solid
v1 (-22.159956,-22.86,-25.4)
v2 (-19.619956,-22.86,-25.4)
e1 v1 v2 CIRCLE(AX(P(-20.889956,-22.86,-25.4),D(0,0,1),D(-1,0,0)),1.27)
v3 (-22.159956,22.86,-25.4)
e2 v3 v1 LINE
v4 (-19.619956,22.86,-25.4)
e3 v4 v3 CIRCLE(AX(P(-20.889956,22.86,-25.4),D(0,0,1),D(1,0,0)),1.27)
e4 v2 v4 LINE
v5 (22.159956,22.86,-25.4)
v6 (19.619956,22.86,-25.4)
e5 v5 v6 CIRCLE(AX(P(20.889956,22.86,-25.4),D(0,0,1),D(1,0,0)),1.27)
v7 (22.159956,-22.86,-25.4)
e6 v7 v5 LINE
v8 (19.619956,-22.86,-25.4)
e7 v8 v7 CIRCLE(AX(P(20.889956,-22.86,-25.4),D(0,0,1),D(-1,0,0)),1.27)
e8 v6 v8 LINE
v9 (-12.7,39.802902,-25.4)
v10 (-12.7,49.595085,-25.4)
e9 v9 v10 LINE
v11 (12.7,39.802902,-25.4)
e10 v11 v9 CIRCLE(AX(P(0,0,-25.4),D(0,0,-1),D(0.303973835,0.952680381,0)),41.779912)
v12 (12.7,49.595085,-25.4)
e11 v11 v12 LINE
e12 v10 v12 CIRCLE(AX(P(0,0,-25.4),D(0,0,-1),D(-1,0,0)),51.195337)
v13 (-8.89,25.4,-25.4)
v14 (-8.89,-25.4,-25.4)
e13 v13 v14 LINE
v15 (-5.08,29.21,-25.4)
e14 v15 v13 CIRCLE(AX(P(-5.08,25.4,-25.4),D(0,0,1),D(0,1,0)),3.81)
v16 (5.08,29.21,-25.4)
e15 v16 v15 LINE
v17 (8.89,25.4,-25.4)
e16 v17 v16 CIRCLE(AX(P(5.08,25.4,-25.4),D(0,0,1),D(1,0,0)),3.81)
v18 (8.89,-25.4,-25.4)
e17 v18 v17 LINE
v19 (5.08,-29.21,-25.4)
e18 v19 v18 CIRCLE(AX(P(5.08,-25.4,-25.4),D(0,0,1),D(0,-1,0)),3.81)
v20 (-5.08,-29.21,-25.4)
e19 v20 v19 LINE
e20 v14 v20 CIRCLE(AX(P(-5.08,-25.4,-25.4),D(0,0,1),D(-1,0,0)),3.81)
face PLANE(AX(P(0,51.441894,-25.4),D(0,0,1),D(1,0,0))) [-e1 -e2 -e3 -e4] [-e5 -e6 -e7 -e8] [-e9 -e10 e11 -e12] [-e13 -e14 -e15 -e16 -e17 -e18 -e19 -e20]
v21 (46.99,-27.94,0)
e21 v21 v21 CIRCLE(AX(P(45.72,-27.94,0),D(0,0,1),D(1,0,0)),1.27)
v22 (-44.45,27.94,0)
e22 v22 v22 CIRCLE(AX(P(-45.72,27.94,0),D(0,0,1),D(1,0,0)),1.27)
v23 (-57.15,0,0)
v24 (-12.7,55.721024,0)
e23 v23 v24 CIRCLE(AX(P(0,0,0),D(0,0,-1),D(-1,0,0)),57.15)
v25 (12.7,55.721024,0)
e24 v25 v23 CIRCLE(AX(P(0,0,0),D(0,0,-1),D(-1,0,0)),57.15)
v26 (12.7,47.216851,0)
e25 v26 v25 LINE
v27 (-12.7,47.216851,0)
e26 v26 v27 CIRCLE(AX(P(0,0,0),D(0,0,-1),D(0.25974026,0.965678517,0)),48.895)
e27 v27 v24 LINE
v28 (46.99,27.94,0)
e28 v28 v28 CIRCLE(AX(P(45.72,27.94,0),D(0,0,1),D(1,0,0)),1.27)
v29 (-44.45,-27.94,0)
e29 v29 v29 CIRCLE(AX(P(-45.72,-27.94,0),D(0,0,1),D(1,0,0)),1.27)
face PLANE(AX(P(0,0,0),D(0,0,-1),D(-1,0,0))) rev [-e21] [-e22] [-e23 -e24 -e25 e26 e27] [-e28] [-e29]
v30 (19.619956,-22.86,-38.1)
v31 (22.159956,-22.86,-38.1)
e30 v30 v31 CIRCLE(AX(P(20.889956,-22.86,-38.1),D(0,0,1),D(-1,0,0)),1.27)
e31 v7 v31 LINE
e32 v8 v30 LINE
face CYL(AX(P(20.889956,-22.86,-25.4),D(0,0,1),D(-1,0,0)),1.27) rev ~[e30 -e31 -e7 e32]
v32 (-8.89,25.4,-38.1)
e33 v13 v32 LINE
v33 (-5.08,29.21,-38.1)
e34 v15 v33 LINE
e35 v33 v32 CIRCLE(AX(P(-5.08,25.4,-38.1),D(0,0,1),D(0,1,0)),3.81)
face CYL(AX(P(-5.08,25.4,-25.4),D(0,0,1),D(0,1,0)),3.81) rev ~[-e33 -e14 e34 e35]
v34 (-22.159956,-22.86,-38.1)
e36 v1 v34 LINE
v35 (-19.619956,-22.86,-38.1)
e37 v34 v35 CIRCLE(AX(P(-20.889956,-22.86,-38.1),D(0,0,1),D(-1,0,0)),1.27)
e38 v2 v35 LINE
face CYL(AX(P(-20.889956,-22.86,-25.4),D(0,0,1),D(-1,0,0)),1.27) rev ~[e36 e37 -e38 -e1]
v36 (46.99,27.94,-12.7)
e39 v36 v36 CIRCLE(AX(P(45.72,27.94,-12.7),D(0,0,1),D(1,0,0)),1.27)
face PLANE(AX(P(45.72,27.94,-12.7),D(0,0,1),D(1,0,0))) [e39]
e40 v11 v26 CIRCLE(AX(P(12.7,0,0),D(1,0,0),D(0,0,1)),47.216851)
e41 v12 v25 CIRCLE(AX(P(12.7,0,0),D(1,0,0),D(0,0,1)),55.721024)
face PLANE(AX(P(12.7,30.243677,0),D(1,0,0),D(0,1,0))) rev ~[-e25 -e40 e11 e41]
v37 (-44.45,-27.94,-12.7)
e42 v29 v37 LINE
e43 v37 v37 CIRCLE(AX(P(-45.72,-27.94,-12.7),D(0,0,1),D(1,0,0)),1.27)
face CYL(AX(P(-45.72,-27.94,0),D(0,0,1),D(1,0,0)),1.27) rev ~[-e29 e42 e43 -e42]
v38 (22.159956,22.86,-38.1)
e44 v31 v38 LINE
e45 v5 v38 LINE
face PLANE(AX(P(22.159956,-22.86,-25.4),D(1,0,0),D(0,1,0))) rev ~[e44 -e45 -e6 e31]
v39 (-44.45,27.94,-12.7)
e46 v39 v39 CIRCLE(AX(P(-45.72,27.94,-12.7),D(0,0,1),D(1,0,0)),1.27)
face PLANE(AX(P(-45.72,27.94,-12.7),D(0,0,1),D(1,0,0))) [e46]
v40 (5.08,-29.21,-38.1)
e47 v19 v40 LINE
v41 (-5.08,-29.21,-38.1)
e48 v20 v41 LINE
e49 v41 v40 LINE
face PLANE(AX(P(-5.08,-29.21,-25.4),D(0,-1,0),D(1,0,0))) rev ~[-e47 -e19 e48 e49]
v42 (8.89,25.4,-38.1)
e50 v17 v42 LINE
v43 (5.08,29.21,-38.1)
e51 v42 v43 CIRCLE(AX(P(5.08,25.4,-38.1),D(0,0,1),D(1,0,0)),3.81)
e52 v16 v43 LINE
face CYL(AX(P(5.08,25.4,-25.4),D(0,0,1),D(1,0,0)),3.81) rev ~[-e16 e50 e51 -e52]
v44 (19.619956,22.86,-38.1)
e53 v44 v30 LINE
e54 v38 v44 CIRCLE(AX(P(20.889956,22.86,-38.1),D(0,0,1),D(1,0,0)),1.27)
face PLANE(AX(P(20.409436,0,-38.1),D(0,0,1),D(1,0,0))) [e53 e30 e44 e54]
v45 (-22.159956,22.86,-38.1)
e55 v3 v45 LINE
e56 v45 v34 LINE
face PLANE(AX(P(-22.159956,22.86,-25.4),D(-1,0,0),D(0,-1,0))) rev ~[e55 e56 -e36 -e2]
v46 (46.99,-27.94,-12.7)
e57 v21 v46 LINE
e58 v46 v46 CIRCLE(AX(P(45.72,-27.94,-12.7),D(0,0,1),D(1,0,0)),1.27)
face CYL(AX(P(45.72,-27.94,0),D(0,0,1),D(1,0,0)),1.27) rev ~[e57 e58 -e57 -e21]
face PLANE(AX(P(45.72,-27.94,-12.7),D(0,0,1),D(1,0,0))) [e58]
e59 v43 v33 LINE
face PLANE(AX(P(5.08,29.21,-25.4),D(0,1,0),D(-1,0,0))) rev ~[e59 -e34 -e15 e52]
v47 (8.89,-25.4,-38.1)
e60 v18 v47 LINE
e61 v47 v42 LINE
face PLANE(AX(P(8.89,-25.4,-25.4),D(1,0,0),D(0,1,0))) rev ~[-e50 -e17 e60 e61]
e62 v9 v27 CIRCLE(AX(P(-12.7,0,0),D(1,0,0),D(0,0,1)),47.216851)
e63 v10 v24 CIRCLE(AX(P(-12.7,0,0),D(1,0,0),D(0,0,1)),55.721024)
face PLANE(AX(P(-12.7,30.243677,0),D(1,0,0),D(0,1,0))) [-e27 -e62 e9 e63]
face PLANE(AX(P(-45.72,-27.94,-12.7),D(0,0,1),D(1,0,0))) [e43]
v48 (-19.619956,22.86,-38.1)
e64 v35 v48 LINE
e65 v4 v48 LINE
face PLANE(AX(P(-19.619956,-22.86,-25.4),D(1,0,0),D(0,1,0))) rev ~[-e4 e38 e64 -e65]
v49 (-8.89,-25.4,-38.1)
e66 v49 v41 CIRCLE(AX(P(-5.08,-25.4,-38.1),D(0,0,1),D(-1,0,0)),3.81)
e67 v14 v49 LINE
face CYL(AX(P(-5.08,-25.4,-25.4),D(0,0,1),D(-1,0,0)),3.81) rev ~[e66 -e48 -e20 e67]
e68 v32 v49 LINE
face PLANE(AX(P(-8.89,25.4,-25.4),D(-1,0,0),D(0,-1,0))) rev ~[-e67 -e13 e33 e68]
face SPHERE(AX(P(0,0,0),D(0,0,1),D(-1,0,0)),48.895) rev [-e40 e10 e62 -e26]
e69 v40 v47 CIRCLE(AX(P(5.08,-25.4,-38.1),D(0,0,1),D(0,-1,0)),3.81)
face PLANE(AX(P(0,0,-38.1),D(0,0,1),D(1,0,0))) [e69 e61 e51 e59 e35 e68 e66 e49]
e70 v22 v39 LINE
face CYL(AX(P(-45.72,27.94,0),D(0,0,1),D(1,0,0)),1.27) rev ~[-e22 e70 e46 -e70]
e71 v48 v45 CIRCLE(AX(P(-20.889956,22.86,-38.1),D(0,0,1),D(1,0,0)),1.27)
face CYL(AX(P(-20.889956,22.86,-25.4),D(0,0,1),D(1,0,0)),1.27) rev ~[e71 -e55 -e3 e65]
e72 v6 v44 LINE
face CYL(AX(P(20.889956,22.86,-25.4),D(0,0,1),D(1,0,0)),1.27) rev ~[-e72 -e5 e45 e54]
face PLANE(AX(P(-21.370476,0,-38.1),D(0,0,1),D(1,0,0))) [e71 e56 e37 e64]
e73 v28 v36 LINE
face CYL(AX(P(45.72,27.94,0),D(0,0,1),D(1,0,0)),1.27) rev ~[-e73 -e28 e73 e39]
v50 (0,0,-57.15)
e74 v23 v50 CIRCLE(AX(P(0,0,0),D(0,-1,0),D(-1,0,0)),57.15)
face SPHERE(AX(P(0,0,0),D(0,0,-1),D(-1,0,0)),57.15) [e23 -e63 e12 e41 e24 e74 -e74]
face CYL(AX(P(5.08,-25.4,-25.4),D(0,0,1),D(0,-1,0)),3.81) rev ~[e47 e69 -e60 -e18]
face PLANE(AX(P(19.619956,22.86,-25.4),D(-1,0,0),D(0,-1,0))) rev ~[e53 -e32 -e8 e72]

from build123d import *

# Parameters (mm, degrees)
F2_R     = 1.27
F3_DEPTH = 12.7
F5_DEPTH = 12.7
F6_W     = 25.4
F6_H     = 42.3964354956
F7_DEPTH = 25.4


with BuildPart() as f1:
    # F0 (on Front) → F1 (revolve)
    with BuildSketch(Plane.XZ):
        with BuildLine():
            Line((-48.895, 0), (-57.15, 0))
            ThreePointArc((-57.15, 0), (-40.4111525448, -40.4111525448), (0, -57.15))
            Line((0, -57.15), (0, -25.4))
            Line((0, -25.4), (-41.77991174, -25.4))
            ThreePointArc((-41.77991174, -25.4), (-47.0826391015, -13.188863493), (-48.895, 0))
        make_face()
    revolve(axis=Axis((0, 0, -41.275), (0, 0, -1)))

    # F2 (on face) → F3 (cut)
    with BuildSketch(Plane.XY):
        with Locations((45.72, 27.94)):
            Circle(F2_R)
        with Locations((45.72, -27.94)):
            Circle(F2_R)
        with Locations((-45.72, -27.94)):
            Circle(F2_R)
        with Locations((-45.72, 27.94)):
            Circle(F2_R)
    extrude(amount=-F3_DEPTH, mode=Mode.SUBTRACT)

    # F4 (on face) → F5 (cut)
    with BuildSketch(Plane.XY.offset(-25.4)):
        with BuildLine():
            Line((-20.88995587, -1.27), (-20.88995587, 0))
            Line((-20.88995587, 0), (-20.88995587, 1.27))
            ThreePointArc((-20.88995587, 1.27), (-21.7879814821, 0.8980256121), (-22.15995587, 0))
            ThreePointArc((-22.15995587, 0), (-21.7879814821, -0.8980256121), (-20.88995587, -1.27))
        make_face()
        with BuildLine():
            Line((-20.88995587, 1.27), (-20.88995587, 0))
            Line((-20.88995587, 0), (-20.88995587, -1.27))
            ThreePointArc((-20.88995587, -1.27), (-19.9919302579, -0.8980256121), (-19.61995587, 0))
            ThreePointArc((-19.61995587, 0), (-19.9919302579, 0.8980256121), (-20.88995587, 1.27))
        make_face()
        with BuildLine():
            ThreePointArc((-22.15995587, 0), (-21.7879814821, 0.8980256121), (-20.88995587, 1.27))
            ThreePointArc((-20.88995587, 1.27), (-19.9919302579, 0.8980256121), (-19.61995587, 0))
            Line((-19.61995587, 0), (-19.61995587, 22.86))
            ThreePointArc((-19.61995587, 22.86), (-20.88995587, 24.13), (-22.15995587, 22.86))
            Line((-22.15995587, 22.86), (-22.15995587, 0))
        make_face()
        with BuildLine():
            ThreePointArc((-19.61995587, 0), (-19.9919302579, -0.8980256121), (-20.88995587, -1.27))
            ThreePointArc((-20.88995587, -1.27), (-21.7879814821, -0.8980256121), (-22.15995587, 0))
            Line((-22.15995587, 0), (-22.15995587, -22.86))
            ThreePointArc((-22.15995587, -22.86), (-20.88995587, -24.13), (-19.61995587, -22.86))
            Line((-19.61995587, -22.86), (-19.61995587, 0))
        make_face()
        with BuildLine():
            Line((20.88995587, -1.27), (20.88995587, 0))
            Line((20.88995587, 0), (20.88995587, 1.27))
            ThreePointArc((20.88995587, 1.27), (19.9919302579, 0.8980256121), (19.61995587, 0))
            ThreePointArc((19.61995587, 0), (19.9919302579, -0.8980256121), (20.88995587, -1.27))
        make_face()
        with BuildLine():
            Line((20.88995587, 1.27), (20.88995587, 0))
            Line((20.88995587, 0), (20.88995587, -1.27))
            ThreePointArc((20.88995587, -1.27), (21.7879814821, -0.8980256121), (22.15995587, 0))
            ThreePointArc((22.15995587, 0), (21.7879814821, 0.8980256121), (20.88995587, 1.27))
        make_face()
        with BuildLine():
            ThreePointArc((19.61995587, 0), (19.9919302579, 0.8980256121), (20.88995587, 1.27))
            ThreePointArc((20.88995587, 1.27), (21.7879814821, 0.8980256121), (22.15995587, 0))
            Line((22.15995587, 0), (22.15995587, 22.86))
            ThreePointArc((22.15995587, 22.86), (20.88995587, 24.13), (19.61995587, 22.86))
            Line((19.61995587, 22.86), (19.61995587, 0))
        make_face()
        with BuildLine():
            ThreePointArc((22.15995587, 0), (21.7879814821, -0.8980256121), (20.88995587, -1.27))
            ThreePointArc((20.88995587, -1.27), (19.9919302579, -0.8980256121), (19.61995587, 0))
            Line((19.61995587, 0), (19.61995587, -22.86))
            ThreePointArc((19.61995587, -22.86), (20.88995587, -24.13), (22.15995587, -22.86))
            Line((22.15995587, -22.86), (22.15995587, 0))
        make_face()
        with BuildLine():
            Line((5.08, 29.21), (-5.08, 29.21))
            ThreePointArc((-5.08, 29.21), (-7.7740768363, 28.0940768363), (-8.89, 25.4))
            Line((-8.89, 25.4), (-8.89, -25.4))
            ThreePointArc((-8.89, -25.4), (-7.7740768363, -28.0940768363), (-5.08, -29.21))
            Line((-5.08, -29.21), (5.08, -29.21))
            ThreePointArc((5.08, -29.21), (7.7740768363, -28.0940768363), (8.89, -25.4))
            Line((8.89, -25.4), (8.89, 25.4))
            ThreePointArc((8.89, 25.4), (7.7740768363, 28.0940768363), (5.08, 29.21))
        make_face()
    extrude(amount=-F5_DEPTH, mode=Mode.SUBTRACT)

    # F6 (on face) → F7 (cut)
    with BuildSketch(Plane.XY):
        with Locations((0, 51.4418943548)):
            Rectangle(F6_W, F6_H)
    extrude(amount=-F7_DEPTH, mode=Mode.SUBTRACT)


solid = f1.part
